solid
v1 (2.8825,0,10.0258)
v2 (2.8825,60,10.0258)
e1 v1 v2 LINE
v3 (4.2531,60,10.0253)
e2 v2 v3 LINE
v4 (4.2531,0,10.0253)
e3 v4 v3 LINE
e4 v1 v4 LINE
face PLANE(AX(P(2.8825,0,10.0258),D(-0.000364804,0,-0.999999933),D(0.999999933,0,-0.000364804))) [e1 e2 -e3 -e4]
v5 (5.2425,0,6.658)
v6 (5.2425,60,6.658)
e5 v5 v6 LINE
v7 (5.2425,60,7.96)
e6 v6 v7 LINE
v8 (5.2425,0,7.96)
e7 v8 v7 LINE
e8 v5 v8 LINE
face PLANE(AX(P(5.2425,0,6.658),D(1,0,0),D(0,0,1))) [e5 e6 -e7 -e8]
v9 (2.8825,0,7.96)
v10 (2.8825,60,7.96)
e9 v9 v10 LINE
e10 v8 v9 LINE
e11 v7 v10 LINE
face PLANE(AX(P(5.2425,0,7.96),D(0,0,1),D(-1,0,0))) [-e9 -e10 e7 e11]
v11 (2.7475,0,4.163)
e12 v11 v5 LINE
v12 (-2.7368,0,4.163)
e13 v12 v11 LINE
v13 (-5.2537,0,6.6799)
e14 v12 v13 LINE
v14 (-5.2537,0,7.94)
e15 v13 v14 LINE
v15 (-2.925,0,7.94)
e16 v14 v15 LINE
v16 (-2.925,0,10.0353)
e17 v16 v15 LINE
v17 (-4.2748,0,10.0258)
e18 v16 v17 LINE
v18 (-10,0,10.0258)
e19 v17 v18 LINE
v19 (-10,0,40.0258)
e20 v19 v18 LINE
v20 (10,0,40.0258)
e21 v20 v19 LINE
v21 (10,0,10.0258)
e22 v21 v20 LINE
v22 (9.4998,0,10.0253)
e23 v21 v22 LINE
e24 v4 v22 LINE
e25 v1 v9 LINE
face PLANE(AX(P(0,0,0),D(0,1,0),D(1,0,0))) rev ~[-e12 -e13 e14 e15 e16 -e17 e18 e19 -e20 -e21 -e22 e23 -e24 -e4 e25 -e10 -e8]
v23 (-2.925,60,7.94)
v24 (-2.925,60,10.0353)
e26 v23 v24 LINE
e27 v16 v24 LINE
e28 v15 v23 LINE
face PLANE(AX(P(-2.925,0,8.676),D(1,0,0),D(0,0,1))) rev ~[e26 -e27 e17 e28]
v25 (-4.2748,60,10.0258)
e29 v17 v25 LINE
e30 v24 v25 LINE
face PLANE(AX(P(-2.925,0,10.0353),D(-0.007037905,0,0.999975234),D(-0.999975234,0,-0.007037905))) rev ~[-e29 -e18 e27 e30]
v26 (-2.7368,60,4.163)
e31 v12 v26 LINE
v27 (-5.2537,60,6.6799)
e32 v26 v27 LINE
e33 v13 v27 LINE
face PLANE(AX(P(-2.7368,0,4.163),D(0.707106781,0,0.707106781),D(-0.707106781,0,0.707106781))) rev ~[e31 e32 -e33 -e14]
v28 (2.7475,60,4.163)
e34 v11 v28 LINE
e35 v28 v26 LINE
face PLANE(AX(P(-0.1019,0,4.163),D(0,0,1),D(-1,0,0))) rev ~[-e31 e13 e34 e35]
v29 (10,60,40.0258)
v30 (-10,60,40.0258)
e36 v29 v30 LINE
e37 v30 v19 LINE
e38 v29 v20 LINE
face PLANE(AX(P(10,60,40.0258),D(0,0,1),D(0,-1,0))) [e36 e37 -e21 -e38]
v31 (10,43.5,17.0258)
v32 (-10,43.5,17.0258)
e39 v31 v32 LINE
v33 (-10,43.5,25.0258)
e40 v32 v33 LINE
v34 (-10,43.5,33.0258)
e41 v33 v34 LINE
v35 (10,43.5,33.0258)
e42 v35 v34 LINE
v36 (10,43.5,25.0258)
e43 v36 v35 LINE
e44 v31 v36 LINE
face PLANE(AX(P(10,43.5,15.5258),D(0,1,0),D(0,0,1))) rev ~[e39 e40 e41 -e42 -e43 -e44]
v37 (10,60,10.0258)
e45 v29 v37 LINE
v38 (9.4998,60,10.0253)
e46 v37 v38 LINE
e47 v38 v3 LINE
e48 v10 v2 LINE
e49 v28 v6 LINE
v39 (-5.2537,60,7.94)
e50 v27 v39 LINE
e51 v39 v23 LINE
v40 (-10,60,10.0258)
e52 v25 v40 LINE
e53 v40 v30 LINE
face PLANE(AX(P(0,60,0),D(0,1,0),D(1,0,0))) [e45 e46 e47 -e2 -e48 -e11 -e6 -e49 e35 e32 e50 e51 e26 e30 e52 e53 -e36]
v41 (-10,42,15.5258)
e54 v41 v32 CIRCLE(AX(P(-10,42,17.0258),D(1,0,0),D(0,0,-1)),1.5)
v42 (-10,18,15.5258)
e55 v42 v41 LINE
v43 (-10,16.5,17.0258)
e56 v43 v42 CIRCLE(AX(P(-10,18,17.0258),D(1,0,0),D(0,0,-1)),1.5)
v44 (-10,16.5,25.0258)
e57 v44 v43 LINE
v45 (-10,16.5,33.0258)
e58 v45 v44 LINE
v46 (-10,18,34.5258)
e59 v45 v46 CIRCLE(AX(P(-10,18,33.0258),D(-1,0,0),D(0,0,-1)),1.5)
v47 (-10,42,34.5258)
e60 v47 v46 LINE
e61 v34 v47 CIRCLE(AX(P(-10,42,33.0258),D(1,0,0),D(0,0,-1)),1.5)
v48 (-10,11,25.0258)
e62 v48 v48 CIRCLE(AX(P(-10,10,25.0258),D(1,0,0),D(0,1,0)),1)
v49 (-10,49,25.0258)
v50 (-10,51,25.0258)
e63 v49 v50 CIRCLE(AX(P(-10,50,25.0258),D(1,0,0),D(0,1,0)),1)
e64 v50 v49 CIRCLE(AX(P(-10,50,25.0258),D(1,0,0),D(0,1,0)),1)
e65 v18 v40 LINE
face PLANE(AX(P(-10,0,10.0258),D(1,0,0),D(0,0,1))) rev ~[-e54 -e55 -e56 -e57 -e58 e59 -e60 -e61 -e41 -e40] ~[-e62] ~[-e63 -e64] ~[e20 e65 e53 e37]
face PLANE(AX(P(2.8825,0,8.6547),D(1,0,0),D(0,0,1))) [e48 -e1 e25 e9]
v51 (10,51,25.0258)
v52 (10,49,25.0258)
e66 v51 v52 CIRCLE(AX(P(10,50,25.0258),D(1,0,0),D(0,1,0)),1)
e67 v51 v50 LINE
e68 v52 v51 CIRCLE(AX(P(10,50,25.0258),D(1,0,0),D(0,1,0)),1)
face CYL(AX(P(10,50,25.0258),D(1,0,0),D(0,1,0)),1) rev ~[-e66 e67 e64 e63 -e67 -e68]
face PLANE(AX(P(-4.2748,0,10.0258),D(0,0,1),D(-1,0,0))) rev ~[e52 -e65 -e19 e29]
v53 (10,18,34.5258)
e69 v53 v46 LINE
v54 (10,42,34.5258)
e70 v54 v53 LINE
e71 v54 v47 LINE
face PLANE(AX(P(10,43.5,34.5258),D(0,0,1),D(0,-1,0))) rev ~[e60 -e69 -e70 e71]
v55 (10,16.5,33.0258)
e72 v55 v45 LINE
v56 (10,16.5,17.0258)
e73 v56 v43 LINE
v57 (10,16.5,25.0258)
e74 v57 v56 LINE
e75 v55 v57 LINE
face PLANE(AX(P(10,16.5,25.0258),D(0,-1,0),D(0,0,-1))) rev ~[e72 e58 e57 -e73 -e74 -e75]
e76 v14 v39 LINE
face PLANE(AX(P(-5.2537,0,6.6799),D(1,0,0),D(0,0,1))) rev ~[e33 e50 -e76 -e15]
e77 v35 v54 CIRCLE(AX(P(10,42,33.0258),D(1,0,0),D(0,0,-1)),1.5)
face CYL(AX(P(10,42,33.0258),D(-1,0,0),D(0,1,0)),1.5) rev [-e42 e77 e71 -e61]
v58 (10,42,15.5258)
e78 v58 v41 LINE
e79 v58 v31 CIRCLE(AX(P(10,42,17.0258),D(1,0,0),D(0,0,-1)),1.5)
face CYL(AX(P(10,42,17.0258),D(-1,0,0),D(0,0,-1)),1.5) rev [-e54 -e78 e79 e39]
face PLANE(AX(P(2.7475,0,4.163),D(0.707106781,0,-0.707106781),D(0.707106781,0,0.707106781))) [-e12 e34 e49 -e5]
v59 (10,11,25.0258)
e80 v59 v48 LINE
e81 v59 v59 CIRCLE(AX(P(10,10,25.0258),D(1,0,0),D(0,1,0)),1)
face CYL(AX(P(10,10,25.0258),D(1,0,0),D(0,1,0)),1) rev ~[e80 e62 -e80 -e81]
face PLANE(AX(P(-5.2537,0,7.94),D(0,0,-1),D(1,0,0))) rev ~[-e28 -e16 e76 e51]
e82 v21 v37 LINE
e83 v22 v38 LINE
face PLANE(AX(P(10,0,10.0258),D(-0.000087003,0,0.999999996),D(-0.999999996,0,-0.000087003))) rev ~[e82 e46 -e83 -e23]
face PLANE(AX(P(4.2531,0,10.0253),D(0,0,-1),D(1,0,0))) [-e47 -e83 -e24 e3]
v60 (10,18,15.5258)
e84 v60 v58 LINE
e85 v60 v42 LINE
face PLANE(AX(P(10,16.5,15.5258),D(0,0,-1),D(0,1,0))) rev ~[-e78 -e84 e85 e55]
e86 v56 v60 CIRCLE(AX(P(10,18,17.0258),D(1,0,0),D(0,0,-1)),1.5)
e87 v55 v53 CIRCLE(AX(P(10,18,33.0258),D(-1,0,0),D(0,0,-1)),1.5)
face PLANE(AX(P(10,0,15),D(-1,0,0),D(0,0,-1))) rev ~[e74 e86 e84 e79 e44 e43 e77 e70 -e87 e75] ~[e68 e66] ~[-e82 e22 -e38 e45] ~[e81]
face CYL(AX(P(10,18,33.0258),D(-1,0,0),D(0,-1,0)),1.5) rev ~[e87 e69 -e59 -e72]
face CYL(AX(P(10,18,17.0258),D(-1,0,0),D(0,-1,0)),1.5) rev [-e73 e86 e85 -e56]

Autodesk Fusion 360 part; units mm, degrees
sketch "Sketch1" plane through (0, 0, 0) normal (0, 1, 0) x (1, 0, 0)
  line L0 (2.8825, -8.6547) -> (4.3945, -10.1667)
  line L1 (3.9, -0.21) -> (3.9, -2.8393)
  line L2 (-8.2, 5.5) -> (-8.2, 3.125)
  line L3 (-2.925, -8.676) -> (-4.4001, -10.1511)
  arc A0 (9.4998, -10.0253) -> (10.0042, -9.4999) centre (9.4925, -9.5135) ccw
  line L4 (0, -4.0611) -> (-0.1019, -4.163)
  line L5 (5.5, 8.2) -> (3.125, 8.2)
  line L6 (-6.5607, -5.5) -> (-8.2, -5.5)
  line L7 (5.2425, -6.658) -> (5.2425, -7.96)
  line L8 (-8.2, -5.5) -> (-8.2, -3.1249)
  line L9 (0, -4.0611) -> (0.1019, -4.163)
  line L10 (-2.7368, -4.163) -> (-5.2537, -6.6799)
  line L11 (-3.125, 8.545) -> (-4.58, 10)
  line L12 (6.5607, 5.5) -> (8.2, 5.5)
  line L13 (-3.125, 8.2) -> (-3.125, 8.545)
  arc A1 (-9.5, 10) -> (-10, 9.5) centre (-9.5, 9.5) ccw
  line L14 (8.2, 3.125) -> (8.545, 3.125)
  line L15 (-3.9, 0.21) -> (-3.9, 2.8393)
  line L16 (-10, 9.5) -> (-10, 4.58)
  line L17 (0.1019, -4.163) -> (2.7475, -4.163)
  line L18 (-3.125, -8.14) -> (-3.125, -8.5931)
  line L19 (-6.5607, 5.5) -> (-8.2, 5.5)
  line L20 (-5.2537, -7.94) -> (-2.925, -7.94)
  line L21 (3.69, 0) -> (3.9, -0.21)
  line L22 (-10.0013, -4.5807) -> (-10.0013, -9.5)
  line L23 (-0.1019, -4.163) -> (-2.7368, -4.163)
  line L24 (-3.69, 0) -> (-3.9, -0.21)
  line L25 (3.9, -2.8393) -> (6.5607, -5.5)
  line L26 (-5.4537, -6.5971) -> (-5.4537, -8.14)
  arc A2 (10, 9.5) -> (9.5, 10) centre (9.5, 9.5) ccw
  line L27 (-3.9, 2.8393) -> (-6.5607, 5.5)
  line L28 (8.545, 3.125) -> (10, 4.58)
  line L29 (10.0042, -4.5823) -> (10.0042, -9.4999)
  line L30 (-5.4537, -8.14) -> (-3.125, -8.14)
  line L31 (-10, -10.0258) -> (-10, -15)
  line L32 (-3.125, -8.5931) -> (-4.5415, -10.0097)
  line L33 (-3.9, -2.8393) -> (-6.5607, -5.5)
  line L34 (3.0825, -8.5719) -> (4.5359, -10.0253)
  line L35 (5.4425, -8.16) -> (3.0825, -8.16)
  line L36 (-2.925, -7.94) -> (-2.925, -8.676)
  line L37 (3.125, 8.2) -> (3.125, 8.545)
  line L38 (8.2, -3.1245) -> (8.5464, -3.1245)
  line L39 (8.2, -5.5) -> (8.2, -3.1245)
  line L40 (0, -3.7782) -> (0.1847, -3.963)
  line L41 (0, -3.7782) -> (-0.1847, -3.963)
  line L42 (0.1847, -3.963) -> (2.8304, -3.963)
  line L43 (-9.5, -10.0097) -> (-4.5415, -10.0097)
  line L44 (4.5359, -10.0253) -> (9.4998, -10.0253)
  line L45 (6.5607, -5.5) -> (8.2, -5.5)
  line L46 (-2.8196, -3.963) -> (-5.4537, -6.5971)
  line L47 (-8.2, -3.1249) -> (-8.5454, -3.1249)
  line L48 (8.5464, -3.1245) -> (10.0042, -4.5823)
  arc A3 (-10.0013, -9.5) -> (-9.5, -10.0097) centre (-9.4969, -9.5053) ccw
  line L49 (10, -15) -> (10, -10.0258)
  line L50 (-5.2537, -6.6799) -> (-5.2537, -7.94)
  line L51 (5.2425, -7.96) -> (2.8825, -7.96)
  line L52 (3.0825, -8.16) -> (3.0825, -8.5719)
  line L53 (5.4425, -6.5751) -> (5.4425, -8.16)
  line L54 (3.9, 0.21) -> (3.9, 2.8393)
  line L55 (-3.9, -0.21) -> (-3.9, -2.8393)
  line L56 (3.9, 2.8393) -> (6.5607, 5.5)
  line L57 (-5.5, 6.5607) -> (-5.5, 8.2)
  line L58 (2.8825, -7.96) -> (2.8825, -8.6547)
  line L59 (-8.5454, -3.1249) -> (-10.0013, -4.5807)
  line L60 (0, 3.69) -> (-0.21, 3.9)
  line L61 (2.8304, -3.963) -> (5.4425, -6.5751)
  line L62 (2.7475, -4.163) -> (5.2425, -6.658)
  line L63 (-8.545, 3.125) -> (-10, 4.58)
  line L64 (-0.1847, -3.963) -> (-2.8196, -3.963)
  line L65 (5.5, 6.5607) -> (5.5, 8.2)
  line L66 (-0.21, 3.9) -> (-2.8393, 3.9)
  line L67 (3.69, 0) -> (3.9, 0.21)
  line L68 (-5.5, 8.2) -> (-3.125, 8.2)
  line L69 (-8.2, 3.125) -> (-8.545, 3.125)
  line L70 (-2.8393, 3.9) -> (-5.5, 6.5607)
  line L71 (2.8393, 3.9) -> (5.5, 6.5607)
  line L72 (10, 9.5) -> (10, 4.58)
  line L73 (8.2, 5.5) -> (8.2, 3.125)
  line L74 (-3.69, 0) -> (-3.9, 0.21)
  line L75 (0.21, 3.9) -> (2.8393, 3.9)
  line L76 (4.58, 10) -> (9.5, 10)
  circle A4 centre (0, 0) radius 2.5
  line L77 (3.125, 8.545) -> (4.58, 10)
  line L78 (-9.5, 10) -> (-4.58, 10)
  line L79 (0, 3.69) -> (0.21, 3.9)
  line L80 (-10, -15) -> (10, -15)
  line L81 (0.1019, -4.163) -> (-0.1019, -4.163)
  line L82 (4.2531, -10.0253) -> (4.5359, -10.0253)
  line L83 (10, -10.0258) -> (4.2536, -10.0258)
  line L84 (-4.2748, -10.0258) -> (-10, -10.0258)
  line L85 (2.8825, -8.6547) -> (2.8825, -10.0258)
  line L86 (2.8825, -10.0258) -> (4.2536, -10.0258)
  line L87 (-2.925, -8.676) -> (-2.925, -10.0353)
  line L88 (-2.925, -10.0353) -> (-4.2748, -10.0258)
  point P0 (0, -10)
  dimension "d1" = 0.2
  dimension "d2" = 5
extrude "Extrude1" add sketch "Sketch1" along normal blind 60 contours L7 L10 L17 L20 L23 L31 L36 L44 L49 L50 L51 L58 L62 L80 L81 L82 L83 L84 L85 L86 L87 L88
sketch "Sketch2" plane through (10, 0, 0) normal (1, 0, 0) x (0, 1, 0)
  line L0 (0, 15) -> (0, 10.0258)
  line L1 (0, 10.0258) -> (60, 10.0258)
  line L2 (60, 10.0258) -> (60, 15)
  line L3 (60, 15) -> (0, 15)
  line L4 (0, 10.0258) -> (60, 10.0258)
  line L5 (60, 10.0258) -> (60, 40.0258)
  line L6 (60, 40.0258) -> (0, 40.0258)
  line L7 (0, 40.0258) -> (0, 10.0258)
  line L8 (60, 40.0258) -> (0, 10.0258) construction
  line L9 (0, 40.0258) -> (60, 10.0258) construction
  line L10 (43.5, 34.5258) -> (16.5, 34.5258)
  line L11 (16.5, 34.5258) -> (16.5, 15.5258)
  line L12 (16.5, 15.5258) -> (43.5, 15.5258)
  line L13 (43.5, 15.5258) -> (43.5, 34.5258)
  line L14 (43.5, 34.5258) -> (16.5, 15.5258) construction
  line L15 (16.5, 34.5258) -> (43.5, 15.5258) construction
  line L16 (16.5, 25.0258) -> (10, 25.0258)
  line L17 (43.5, 25.0258) -> (50, 25.0258)
  circle A0 centre (10, 25.0258) radius 1
  circle A1 centre (50, 25.0258) radius 1
  point P0 (30, 25.0258)
  dimension "d5" = 30
  dimension "d6" = 60
  dimension "d7" = 27
  dimension "d8" = 19
  dimension "d9" = 6.5
  dimension "d10" = 6.5
  dimension "d11" = 2
  dimension "d12" = 2
extrude "Extrude2" add sketch "Sketch2" against normal blind 20 contours L3 L5 L6 L7
fillet "Fillet1" radius 1.5 4 edges at (0, 43.5, 15.5258) (0, 16.5, 15.5258) (0, 43.5, 34.5258) (0, 16.5, 34.5258)
